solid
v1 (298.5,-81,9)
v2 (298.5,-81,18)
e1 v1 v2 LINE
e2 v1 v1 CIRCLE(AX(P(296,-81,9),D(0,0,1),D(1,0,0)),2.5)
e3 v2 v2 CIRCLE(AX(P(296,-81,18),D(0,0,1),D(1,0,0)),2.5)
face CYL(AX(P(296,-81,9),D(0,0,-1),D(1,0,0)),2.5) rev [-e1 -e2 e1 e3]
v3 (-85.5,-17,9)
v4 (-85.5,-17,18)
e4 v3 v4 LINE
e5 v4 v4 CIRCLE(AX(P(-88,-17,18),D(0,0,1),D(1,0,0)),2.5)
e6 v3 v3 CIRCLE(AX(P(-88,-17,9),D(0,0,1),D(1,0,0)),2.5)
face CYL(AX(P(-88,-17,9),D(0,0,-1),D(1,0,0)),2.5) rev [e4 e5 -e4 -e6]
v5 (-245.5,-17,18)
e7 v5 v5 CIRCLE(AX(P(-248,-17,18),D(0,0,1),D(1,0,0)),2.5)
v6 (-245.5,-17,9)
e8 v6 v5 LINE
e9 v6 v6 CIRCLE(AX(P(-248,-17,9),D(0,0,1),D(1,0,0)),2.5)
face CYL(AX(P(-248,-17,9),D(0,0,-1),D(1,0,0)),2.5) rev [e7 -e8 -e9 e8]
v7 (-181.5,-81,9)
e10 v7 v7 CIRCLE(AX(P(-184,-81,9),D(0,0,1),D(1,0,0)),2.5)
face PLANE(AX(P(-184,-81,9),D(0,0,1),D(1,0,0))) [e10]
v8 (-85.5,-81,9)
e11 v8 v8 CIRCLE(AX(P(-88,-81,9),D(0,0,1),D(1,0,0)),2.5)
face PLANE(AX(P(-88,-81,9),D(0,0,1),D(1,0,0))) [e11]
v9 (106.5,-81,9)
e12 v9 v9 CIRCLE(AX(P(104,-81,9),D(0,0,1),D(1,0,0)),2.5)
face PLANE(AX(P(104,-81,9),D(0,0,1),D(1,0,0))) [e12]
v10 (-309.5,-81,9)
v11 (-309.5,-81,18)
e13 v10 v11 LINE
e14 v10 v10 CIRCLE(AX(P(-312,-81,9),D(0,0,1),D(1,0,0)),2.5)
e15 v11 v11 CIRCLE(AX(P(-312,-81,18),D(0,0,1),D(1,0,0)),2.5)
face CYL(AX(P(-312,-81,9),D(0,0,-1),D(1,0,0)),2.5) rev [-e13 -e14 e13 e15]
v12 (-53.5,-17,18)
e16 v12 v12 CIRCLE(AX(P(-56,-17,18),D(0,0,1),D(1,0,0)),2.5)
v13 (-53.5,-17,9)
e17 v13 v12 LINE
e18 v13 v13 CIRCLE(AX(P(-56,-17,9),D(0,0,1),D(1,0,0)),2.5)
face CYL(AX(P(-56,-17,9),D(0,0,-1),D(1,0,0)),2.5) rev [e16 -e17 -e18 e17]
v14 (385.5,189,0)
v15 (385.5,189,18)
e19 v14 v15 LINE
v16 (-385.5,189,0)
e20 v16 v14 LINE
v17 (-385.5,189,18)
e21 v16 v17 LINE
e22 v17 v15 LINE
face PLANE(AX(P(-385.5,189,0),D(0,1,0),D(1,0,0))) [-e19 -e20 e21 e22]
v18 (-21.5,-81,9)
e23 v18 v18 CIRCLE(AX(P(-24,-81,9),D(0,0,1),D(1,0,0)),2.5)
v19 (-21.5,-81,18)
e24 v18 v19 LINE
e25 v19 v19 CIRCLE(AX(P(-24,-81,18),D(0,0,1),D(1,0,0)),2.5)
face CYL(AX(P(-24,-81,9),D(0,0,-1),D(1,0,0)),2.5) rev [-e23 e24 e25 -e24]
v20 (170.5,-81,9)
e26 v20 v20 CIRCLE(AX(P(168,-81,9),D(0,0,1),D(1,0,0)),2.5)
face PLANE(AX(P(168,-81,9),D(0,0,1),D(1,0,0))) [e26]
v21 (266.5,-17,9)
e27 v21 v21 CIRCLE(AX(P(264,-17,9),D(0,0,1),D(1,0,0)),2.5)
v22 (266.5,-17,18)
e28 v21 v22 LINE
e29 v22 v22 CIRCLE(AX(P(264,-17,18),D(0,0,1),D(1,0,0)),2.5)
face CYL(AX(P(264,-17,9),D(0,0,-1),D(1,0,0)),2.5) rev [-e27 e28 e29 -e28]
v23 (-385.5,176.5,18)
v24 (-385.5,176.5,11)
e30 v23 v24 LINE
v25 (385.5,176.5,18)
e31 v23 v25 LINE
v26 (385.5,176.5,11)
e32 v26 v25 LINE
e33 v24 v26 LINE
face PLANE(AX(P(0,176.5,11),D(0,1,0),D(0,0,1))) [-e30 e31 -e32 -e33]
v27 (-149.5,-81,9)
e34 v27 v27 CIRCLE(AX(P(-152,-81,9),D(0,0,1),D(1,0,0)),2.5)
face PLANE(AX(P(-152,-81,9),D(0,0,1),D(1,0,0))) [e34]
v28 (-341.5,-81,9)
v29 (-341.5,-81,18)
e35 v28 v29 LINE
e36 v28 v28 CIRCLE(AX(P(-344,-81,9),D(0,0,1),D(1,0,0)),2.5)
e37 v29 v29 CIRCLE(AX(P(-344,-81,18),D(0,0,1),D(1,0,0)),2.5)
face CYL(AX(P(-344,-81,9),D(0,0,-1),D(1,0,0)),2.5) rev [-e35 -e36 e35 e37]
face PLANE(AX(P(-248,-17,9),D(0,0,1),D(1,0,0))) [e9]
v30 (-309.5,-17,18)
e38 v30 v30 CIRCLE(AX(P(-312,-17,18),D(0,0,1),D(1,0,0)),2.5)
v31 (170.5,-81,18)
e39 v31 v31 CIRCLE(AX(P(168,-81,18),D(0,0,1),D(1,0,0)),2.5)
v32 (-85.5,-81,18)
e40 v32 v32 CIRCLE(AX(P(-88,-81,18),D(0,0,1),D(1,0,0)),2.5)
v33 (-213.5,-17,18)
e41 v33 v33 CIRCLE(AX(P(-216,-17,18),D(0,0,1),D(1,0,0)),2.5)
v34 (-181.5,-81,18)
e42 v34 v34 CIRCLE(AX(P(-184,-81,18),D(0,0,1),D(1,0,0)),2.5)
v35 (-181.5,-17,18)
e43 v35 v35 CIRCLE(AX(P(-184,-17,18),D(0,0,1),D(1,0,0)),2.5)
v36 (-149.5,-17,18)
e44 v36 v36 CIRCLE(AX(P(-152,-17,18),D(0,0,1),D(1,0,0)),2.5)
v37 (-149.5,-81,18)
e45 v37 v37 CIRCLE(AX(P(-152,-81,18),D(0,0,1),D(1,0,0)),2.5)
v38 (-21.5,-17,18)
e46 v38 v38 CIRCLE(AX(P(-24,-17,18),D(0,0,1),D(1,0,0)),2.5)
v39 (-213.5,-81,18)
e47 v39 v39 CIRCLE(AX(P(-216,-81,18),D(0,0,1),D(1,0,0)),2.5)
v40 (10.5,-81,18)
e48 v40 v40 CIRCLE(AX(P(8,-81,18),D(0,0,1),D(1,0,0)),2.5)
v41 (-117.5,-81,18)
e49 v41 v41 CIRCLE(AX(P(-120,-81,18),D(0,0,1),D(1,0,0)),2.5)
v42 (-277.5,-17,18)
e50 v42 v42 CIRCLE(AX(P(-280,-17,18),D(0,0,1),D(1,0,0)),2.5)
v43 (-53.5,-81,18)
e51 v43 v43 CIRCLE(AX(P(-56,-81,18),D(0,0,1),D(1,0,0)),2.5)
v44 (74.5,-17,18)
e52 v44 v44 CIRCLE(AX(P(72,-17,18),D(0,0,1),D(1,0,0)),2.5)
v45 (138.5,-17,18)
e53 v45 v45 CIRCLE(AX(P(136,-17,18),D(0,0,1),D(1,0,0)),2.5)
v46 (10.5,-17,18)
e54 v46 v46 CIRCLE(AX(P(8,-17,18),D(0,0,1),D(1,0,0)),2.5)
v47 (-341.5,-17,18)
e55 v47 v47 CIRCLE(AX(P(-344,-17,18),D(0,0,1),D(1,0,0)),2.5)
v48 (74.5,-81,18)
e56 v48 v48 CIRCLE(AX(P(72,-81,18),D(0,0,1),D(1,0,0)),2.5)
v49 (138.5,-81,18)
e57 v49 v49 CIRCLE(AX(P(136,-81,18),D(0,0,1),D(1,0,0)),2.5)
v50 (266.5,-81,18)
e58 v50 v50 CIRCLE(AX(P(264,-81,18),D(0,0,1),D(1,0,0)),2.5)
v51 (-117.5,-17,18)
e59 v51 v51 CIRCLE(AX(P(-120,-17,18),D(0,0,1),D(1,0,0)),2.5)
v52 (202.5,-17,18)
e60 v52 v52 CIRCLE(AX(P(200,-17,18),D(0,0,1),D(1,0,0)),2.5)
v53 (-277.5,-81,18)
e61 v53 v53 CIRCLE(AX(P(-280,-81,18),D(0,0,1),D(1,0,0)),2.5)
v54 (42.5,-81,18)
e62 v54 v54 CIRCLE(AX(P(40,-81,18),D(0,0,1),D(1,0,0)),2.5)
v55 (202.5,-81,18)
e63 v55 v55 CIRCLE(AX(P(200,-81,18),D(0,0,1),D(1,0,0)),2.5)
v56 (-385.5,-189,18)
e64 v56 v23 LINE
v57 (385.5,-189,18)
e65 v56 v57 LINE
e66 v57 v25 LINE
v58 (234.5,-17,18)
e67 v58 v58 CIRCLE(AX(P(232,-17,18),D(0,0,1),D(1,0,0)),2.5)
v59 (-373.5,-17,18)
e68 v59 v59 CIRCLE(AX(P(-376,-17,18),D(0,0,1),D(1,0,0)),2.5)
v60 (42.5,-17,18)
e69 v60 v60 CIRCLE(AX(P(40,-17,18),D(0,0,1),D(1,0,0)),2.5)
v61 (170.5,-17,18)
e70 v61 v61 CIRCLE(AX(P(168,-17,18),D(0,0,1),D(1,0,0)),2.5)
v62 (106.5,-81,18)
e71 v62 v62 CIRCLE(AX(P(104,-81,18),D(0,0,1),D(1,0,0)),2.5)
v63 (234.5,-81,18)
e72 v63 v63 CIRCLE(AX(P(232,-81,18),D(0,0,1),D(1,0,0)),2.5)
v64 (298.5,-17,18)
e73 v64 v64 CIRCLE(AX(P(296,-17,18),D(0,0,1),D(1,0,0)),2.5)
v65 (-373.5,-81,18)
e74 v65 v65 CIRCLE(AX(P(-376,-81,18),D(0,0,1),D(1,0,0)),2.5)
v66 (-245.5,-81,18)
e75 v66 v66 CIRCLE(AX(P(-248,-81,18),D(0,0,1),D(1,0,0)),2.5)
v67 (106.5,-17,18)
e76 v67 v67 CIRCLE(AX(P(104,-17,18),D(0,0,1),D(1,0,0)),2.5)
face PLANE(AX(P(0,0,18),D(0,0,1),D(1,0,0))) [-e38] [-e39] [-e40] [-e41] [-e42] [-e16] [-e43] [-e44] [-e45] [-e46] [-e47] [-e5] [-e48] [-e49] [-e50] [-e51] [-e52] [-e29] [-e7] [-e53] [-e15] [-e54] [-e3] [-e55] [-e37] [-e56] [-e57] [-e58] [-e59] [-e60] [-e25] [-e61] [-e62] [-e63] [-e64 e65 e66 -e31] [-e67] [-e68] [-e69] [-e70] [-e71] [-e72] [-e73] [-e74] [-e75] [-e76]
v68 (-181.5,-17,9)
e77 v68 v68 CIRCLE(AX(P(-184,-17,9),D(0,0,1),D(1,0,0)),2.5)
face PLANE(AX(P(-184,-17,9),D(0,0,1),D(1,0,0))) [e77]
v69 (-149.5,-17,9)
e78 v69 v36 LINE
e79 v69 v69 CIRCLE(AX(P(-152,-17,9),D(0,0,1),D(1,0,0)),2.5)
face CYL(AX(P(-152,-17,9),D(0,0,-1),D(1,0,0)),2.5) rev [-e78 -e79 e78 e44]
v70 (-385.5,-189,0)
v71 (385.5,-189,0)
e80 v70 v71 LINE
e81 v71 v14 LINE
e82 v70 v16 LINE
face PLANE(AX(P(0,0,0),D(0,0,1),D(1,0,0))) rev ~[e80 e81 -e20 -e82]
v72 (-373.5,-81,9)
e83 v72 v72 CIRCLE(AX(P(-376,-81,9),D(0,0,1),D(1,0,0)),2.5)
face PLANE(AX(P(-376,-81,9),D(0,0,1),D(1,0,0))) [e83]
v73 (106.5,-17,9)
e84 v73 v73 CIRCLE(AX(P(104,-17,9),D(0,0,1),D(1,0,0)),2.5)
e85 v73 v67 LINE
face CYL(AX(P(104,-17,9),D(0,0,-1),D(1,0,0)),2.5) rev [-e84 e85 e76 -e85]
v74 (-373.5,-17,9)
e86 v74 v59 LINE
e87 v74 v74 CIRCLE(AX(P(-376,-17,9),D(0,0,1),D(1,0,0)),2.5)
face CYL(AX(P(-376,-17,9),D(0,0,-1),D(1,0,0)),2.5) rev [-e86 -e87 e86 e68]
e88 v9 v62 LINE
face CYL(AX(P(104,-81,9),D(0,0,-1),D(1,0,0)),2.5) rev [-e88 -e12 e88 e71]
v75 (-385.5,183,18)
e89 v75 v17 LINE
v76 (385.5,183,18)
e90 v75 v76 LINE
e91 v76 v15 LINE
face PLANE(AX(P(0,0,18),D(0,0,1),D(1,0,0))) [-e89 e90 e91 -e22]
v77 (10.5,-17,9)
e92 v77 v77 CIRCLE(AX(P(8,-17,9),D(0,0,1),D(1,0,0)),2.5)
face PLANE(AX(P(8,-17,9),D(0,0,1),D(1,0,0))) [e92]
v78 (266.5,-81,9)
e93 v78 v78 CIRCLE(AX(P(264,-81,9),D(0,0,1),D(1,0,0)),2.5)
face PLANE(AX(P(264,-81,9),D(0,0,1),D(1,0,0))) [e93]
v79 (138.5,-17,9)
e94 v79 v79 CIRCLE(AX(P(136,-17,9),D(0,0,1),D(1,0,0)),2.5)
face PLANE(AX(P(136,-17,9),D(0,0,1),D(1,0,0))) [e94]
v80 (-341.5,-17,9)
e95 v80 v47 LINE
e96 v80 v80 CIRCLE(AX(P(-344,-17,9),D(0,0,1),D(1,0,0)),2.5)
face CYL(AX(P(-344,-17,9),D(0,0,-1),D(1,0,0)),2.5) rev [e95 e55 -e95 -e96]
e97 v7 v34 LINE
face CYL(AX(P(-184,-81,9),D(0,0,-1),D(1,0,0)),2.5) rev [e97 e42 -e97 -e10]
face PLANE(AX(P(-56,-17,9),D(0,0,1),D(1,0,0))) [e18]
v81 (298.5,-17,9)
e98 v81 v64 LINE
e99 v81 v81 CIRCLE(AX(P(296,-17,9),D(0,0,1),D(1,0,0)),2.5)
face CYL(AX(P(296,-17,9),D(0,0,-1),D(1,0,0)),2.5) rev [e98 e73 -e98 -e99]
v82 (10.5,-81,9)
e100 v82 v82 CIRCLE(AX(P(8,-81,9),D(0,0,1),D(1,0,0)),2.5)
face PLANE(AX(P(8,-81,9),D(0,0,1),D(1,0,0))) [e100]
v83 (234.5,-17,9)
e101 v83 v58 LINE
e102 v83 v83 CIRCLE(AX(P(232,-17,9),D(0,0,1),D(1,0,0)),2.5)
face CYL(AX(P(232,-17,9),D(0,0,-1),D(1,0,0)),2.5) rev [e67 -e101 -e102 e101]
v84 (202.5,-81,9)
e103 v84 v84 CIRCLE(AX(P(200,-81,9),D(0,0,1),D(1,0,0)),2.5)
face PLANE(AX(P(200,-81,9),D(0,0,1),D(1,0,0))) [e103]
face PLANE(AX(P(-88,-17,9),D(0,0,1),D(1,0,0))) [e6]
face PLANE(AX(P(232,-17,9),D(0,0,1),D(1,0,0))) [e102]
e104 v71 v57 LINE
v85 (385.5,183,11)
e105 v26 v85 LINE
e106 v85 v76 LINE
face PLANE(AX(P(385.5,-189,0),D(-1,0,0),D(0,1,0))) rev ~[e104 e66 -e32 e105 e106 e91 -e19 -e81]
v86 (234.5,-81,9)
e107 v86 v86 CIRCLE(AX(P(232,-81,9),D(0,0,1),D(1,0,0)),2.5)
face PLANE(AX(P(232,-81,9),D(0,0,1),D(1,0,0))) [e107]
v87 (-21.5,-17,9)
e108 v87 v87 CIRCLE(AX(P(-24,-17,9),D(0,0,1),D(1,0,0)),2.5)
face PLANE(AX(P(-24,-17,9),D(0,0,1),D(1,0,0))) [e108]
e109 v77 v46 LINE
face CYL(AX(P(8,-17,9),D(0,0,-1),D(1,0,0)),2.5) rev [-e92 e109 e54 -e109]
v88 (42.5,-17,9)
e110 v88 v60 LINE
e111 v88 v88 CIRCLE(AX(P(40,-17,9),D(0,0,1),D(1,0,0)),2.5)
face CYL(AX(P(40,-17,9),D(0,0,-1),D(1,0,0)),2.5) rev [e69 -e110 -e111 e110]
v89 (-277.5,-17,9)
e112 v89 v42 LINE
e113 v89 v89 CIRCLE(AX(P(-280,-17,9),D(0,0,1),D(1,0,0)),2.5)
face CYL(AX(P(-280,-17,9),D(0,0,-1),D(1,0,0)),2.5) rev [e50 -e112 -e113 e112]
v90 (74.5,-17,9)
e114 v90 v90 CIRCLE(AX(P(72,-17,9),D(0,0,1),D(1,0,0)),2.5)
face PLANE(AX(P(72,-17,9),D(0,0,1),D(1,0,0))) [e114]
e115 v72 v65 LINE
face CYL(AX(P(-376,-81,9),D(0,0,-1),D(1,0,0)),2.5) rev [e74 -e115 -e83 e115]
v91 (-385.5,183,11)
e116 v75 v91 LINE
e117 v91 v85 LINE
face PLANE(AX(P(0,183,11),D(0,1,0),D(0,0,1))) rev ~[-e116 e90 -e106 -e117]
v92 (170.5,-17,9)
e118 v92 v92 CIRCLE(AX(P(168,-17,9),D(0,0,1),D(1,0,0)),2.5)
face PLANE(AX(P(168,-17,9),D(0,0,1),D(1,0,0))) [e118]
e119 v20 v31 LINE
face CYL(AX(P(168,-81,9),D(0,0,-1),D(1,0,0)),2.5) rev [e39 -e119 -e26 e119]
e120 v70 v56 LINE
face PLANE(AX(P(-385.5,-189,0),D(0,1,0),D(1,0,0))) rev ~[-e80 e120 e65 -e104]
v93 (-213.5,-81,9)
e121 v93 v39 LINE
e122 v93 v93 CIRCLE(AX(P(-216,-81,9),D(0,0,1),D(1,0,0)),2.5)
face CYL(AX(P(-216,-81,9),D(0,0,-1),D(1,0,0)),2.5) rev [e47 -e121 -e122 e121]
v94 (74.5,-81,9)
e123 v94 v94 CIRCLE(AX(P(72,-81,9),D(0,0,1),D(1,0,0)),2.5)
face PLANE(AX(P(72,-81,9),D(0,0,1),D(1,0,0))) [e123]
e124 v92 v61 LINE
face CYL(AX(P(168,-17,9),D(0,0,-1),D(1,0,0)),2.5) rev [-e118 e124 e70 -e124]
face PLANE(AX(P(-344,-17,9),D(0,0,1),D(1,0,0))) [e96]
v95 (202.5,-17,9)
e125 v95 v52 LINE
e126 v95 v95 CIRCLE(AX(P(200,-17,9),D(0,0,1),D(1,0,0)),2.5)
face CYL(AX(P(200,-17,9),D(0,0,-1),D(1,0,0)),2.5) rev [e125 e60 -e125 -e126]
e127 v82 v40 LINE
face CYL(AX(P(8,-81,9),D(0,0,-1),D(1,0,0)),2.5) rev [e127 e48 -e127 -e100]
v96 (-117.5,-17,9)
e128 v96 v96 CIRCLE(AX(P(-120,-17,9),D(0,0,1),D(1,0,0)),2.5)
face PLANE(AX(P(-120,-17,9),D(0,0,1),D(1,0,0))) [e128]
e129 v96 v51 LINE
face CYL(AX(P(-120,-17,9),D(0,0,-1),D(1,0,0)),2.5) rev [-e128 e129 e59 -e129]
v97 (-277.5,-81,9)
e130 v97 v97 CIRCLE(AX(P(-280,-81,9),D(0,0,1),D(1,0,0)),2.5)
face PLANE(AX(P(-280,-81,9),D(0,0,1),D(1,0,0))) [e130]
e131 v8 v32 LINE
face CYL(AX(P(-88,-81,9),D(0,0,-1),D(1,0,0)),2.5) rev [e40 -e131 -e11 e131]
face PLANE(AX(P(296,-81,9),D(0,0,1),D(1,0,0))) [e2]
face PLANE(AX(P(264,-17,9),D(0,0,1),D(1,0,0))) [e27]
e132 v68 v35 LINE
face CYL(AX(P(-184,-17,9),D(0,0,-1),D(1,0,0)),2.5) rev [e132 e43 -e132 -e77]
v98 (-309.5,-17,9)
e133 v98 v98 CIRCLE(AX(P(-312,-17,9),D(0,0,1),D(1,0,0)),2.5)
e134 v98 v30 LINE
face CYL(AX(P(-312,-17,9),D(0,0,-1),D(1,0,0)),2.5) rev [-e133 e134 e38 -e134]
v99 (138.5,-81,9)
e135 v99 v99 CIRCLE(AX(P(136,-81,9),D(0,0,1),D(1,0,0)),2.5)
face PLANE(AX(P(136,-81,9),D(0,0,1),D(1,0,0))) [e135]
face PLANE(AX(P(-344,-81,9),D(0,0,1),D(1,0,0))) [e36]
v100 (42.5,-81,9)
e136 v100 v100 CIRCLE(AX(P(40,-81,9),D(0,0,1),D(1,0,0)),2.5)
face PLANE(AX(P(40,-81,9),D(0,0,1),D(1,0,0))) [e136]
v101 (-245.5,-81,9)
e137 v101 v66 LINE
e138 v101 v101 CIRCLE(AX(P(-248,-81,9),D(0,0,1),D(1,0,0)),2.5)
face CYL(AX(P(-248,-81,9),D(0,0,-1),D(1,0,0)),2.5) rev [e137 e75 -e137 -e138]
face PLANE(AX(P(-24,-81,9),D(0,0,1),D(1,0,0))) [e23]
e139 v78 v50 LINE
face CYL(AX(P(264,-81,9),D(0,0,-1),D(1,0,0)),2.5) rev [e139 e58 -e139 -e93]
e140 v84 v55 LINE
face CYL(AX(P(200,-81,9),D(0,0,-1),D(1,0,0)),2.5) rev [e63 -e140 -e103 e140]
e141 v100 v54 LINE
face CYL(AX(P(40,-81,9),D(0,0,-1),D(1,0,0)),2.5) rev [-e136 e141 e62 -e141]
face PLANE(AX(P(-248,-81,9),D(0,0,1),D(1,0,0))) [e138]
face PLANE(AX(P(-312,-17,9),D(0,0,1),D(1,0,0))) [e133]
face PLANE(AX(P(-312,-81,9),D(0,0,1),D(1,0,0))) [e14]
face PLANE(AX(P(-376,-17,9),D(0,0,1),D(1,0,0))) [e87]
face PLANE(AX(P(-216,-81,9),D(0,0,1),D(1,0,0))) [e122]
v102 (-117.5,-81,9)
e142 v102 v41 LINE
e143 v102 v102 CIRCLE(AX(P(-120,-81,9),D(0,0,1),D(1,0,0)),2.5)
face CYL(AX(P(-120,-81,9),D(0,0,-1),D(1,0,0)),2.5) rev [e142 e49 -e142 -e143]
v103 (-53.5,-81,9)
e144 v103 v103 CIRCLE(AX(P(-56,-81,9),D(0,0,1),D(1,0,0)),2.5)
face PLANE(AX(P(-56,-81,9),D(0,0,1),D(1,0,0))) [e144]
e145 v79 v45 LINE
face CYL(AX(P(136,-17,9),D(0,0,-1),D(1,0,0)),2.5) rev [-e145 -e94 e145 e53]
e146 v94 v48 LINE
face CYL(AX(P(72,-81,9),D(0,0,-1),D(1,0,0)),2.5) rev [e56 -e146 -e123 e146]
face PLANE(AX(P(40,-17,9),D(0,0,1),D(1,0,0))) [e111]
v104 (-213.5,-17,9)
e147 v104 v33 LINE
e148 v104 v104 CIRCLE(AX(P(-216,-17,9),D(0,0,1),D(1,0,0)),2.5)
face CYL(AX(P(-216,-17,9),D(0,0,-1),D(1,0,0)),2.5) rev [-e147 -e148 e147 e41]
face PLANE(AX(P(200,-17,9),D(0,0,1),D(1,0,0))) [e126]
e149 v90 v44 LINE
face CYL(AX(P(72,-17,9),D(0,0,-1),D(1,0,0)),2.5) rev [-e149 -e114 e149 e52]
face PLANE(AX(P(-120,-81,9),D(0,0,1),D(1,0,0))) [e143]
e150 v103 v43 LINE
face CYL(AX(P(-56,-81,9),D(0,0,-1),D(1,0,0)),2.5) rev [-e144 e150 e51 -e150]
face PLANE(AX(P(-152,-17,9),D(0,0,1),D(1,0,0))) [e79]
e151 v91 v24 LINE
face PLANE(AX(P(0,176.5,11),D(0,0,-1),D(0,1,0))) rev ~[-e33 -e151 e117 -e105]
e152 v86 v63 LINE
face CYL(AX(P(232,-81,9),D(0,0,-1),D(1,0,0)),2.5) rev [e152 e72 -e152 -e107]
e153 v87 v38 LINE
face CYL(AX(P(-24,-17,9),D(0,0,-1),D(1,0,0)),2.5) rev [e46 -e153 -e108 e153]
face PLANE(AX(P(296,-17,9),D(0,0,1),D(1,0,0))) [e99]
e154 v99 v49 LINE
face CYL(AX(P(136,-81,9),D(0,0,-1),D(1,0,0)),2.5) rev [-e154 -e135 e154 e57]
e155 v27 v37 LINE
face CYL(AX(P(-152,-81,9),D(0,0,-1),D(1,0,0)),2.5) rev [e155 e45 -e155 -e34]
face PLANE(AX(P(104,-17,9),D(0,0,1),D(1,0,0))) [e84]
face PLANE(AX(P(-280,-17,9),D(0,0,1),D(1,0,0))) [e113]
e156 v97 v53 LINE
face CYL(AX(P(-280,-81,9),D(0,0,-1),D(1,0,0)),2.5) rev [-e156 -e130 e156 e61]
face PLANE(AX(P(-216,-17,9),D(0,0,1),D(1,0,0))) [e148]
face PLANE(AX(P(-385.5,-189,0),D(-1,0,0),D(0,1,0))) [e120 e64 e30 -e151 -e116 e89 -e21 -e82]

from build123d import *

# Parameters (mm, degrees)
SKETCH_W             = 771
SKETCH_H             = 378
PAD_DEPTH            = 18
SKETCH001_R          = 2.5
POCKET_DEPTH         = 9
SKETCH003_W          = 6.5
SKETCH003_H          = 7
POCKET001_DEPTH      = 505
POCKET001_DEPTH_BACK = -505


with BuildPart() as part:
    # Sketch → Pad (new body)
    with BuildSketch(Plane.XY):
        Rectangle(SKETCH_W, SKETCH_H)
    extrude(amount=PAD_DEPTH)

    # Sketch001 → Pocket (cut)
    with BuildSketch(Plane.XY.offset(9)):
        with Locations((-376, -81)):
            Circle(SKETCH001_R)
        with Locations((-344, -81)):
            Circle(SKETCH001_R)
        with Locations((-312, -81)):
            Circle(SKETCH001_R)
        with Locations((-280, -81)):
            Circle(SKETCH001_R)
        with Locations((-248, -81)):
            Circle(SKETCH001_R)
        with Locations((-216, -81)):
            Circle(SKETCH001_R)
        with Locations((-184, -81)):
            Circle(SKETCH001_R)
        with Locations((-152, -81)):
            Circle(SKETCH001_R)
        with Locations((-120, -81)):
            Circle(SKETCH001_R)
        with Locations((-88, -81)):
            Circle(SKETCH001_R)
        with Locations((-56, -81)):
            Circle(SKETCH001_R)
        with Locations((-24, -81)):
            Circle(SKETCH001_R)
        with Locations((8, -81)):
            Circle(SKETCH001_R)
        with Locations((40, -81)):
            Circle(SKETCH001_R)
        with Locations((72, -81)):
            Circle(SKETCH001_R)
        with Locations((104, -81)):
            Circle(SKETCH001_R)
        with Locations((136, -81)):
            Circle(SKETCH001_R)
        with Locations((168, -81)):
            Circle(SKETCH001_R)
        with Locations((200, -81)):
            Circle(SKETCH001_R)
        with Locations((232, -81)):
            Circle(SKETCH001_R)
        with Locations((264, -81)):
            Circle(SKETCH001_R)
        with Locations((296, -81)):
            Circle(SKETCH001_R)
        with Locations((-376, -17)):
            Circle(SKETCH001_R)
        with Locations((-344, -17)):
            Circle(SKETCH001_R)
        with Locations((-312, -17)):
            Circle(SKETCH001_R)
        with Locations((-280, -17)):
            Circle(SKETCH001_R)
        with Locations((-248, -17)):
            Circle(SKETCH001_R)
        with Locations((-216, -17)):
            Circle(SKETCH001_R)
        with Locations((-184, -17)):
            Circle(SKETCH001_R)
        with Locations((-152, -17)):
            Circle(SKETCH001_R)
        with Locations((-120, -17)):
            Circle(SKETCH001_R)
        with Locations((-88, -17)):
            Circle(SKETCH001_R)
        with Locations((-56, -17)):
            Circle(SKETCH001_R)
        with Locations((-24, -17)):
            Circle(SKETCH001_R)
        with Locations((8, -17)):
            Circle(SKETCH001_R)
        with Locations((40, -17)):
            Circle(SKETCH001_R)
        with Locations((72, -17)):
            Circle(SKETCH001_R)
        with Locations((104, -17)):
            Circle(SKETCH001_R)
        with Locations((136, -17)):
            Circle(SKETCH001_R)
        with Locations((168, -17)):
            Circle(SKETCH001_R)
        with Locations((200, -17)):
            Circle(SKETCH001_R)
        with Locations((232, -17)):
            Circle(SKETCH001_R)
        with Locations((264, -17)):
            Circle(SKETCH001_R)
        with Locations((296, -17)):
            Circle(SKETCH001_R)
    extrude(amount=POCKET_DEPTH, mode=Mode.SUBTRACT)

    # Sketch003 → Pocket001 (cut, two sides)
    with BuildSketch(Plane.YZ) as pocket001_sk:
        with Locations((179.75, 14.5)):
            Rectangle(SKETCH003_W, SKETCH003_H)
    extrude(amount=-POCKET001_DEPTH, mode=Mode.SUBTRACT)
    extrude(pocket001_sk.sketch, amount=-POCKET001_DEPTH_BACK, mode=Mode.SUBTRACT)


solid = part.part
